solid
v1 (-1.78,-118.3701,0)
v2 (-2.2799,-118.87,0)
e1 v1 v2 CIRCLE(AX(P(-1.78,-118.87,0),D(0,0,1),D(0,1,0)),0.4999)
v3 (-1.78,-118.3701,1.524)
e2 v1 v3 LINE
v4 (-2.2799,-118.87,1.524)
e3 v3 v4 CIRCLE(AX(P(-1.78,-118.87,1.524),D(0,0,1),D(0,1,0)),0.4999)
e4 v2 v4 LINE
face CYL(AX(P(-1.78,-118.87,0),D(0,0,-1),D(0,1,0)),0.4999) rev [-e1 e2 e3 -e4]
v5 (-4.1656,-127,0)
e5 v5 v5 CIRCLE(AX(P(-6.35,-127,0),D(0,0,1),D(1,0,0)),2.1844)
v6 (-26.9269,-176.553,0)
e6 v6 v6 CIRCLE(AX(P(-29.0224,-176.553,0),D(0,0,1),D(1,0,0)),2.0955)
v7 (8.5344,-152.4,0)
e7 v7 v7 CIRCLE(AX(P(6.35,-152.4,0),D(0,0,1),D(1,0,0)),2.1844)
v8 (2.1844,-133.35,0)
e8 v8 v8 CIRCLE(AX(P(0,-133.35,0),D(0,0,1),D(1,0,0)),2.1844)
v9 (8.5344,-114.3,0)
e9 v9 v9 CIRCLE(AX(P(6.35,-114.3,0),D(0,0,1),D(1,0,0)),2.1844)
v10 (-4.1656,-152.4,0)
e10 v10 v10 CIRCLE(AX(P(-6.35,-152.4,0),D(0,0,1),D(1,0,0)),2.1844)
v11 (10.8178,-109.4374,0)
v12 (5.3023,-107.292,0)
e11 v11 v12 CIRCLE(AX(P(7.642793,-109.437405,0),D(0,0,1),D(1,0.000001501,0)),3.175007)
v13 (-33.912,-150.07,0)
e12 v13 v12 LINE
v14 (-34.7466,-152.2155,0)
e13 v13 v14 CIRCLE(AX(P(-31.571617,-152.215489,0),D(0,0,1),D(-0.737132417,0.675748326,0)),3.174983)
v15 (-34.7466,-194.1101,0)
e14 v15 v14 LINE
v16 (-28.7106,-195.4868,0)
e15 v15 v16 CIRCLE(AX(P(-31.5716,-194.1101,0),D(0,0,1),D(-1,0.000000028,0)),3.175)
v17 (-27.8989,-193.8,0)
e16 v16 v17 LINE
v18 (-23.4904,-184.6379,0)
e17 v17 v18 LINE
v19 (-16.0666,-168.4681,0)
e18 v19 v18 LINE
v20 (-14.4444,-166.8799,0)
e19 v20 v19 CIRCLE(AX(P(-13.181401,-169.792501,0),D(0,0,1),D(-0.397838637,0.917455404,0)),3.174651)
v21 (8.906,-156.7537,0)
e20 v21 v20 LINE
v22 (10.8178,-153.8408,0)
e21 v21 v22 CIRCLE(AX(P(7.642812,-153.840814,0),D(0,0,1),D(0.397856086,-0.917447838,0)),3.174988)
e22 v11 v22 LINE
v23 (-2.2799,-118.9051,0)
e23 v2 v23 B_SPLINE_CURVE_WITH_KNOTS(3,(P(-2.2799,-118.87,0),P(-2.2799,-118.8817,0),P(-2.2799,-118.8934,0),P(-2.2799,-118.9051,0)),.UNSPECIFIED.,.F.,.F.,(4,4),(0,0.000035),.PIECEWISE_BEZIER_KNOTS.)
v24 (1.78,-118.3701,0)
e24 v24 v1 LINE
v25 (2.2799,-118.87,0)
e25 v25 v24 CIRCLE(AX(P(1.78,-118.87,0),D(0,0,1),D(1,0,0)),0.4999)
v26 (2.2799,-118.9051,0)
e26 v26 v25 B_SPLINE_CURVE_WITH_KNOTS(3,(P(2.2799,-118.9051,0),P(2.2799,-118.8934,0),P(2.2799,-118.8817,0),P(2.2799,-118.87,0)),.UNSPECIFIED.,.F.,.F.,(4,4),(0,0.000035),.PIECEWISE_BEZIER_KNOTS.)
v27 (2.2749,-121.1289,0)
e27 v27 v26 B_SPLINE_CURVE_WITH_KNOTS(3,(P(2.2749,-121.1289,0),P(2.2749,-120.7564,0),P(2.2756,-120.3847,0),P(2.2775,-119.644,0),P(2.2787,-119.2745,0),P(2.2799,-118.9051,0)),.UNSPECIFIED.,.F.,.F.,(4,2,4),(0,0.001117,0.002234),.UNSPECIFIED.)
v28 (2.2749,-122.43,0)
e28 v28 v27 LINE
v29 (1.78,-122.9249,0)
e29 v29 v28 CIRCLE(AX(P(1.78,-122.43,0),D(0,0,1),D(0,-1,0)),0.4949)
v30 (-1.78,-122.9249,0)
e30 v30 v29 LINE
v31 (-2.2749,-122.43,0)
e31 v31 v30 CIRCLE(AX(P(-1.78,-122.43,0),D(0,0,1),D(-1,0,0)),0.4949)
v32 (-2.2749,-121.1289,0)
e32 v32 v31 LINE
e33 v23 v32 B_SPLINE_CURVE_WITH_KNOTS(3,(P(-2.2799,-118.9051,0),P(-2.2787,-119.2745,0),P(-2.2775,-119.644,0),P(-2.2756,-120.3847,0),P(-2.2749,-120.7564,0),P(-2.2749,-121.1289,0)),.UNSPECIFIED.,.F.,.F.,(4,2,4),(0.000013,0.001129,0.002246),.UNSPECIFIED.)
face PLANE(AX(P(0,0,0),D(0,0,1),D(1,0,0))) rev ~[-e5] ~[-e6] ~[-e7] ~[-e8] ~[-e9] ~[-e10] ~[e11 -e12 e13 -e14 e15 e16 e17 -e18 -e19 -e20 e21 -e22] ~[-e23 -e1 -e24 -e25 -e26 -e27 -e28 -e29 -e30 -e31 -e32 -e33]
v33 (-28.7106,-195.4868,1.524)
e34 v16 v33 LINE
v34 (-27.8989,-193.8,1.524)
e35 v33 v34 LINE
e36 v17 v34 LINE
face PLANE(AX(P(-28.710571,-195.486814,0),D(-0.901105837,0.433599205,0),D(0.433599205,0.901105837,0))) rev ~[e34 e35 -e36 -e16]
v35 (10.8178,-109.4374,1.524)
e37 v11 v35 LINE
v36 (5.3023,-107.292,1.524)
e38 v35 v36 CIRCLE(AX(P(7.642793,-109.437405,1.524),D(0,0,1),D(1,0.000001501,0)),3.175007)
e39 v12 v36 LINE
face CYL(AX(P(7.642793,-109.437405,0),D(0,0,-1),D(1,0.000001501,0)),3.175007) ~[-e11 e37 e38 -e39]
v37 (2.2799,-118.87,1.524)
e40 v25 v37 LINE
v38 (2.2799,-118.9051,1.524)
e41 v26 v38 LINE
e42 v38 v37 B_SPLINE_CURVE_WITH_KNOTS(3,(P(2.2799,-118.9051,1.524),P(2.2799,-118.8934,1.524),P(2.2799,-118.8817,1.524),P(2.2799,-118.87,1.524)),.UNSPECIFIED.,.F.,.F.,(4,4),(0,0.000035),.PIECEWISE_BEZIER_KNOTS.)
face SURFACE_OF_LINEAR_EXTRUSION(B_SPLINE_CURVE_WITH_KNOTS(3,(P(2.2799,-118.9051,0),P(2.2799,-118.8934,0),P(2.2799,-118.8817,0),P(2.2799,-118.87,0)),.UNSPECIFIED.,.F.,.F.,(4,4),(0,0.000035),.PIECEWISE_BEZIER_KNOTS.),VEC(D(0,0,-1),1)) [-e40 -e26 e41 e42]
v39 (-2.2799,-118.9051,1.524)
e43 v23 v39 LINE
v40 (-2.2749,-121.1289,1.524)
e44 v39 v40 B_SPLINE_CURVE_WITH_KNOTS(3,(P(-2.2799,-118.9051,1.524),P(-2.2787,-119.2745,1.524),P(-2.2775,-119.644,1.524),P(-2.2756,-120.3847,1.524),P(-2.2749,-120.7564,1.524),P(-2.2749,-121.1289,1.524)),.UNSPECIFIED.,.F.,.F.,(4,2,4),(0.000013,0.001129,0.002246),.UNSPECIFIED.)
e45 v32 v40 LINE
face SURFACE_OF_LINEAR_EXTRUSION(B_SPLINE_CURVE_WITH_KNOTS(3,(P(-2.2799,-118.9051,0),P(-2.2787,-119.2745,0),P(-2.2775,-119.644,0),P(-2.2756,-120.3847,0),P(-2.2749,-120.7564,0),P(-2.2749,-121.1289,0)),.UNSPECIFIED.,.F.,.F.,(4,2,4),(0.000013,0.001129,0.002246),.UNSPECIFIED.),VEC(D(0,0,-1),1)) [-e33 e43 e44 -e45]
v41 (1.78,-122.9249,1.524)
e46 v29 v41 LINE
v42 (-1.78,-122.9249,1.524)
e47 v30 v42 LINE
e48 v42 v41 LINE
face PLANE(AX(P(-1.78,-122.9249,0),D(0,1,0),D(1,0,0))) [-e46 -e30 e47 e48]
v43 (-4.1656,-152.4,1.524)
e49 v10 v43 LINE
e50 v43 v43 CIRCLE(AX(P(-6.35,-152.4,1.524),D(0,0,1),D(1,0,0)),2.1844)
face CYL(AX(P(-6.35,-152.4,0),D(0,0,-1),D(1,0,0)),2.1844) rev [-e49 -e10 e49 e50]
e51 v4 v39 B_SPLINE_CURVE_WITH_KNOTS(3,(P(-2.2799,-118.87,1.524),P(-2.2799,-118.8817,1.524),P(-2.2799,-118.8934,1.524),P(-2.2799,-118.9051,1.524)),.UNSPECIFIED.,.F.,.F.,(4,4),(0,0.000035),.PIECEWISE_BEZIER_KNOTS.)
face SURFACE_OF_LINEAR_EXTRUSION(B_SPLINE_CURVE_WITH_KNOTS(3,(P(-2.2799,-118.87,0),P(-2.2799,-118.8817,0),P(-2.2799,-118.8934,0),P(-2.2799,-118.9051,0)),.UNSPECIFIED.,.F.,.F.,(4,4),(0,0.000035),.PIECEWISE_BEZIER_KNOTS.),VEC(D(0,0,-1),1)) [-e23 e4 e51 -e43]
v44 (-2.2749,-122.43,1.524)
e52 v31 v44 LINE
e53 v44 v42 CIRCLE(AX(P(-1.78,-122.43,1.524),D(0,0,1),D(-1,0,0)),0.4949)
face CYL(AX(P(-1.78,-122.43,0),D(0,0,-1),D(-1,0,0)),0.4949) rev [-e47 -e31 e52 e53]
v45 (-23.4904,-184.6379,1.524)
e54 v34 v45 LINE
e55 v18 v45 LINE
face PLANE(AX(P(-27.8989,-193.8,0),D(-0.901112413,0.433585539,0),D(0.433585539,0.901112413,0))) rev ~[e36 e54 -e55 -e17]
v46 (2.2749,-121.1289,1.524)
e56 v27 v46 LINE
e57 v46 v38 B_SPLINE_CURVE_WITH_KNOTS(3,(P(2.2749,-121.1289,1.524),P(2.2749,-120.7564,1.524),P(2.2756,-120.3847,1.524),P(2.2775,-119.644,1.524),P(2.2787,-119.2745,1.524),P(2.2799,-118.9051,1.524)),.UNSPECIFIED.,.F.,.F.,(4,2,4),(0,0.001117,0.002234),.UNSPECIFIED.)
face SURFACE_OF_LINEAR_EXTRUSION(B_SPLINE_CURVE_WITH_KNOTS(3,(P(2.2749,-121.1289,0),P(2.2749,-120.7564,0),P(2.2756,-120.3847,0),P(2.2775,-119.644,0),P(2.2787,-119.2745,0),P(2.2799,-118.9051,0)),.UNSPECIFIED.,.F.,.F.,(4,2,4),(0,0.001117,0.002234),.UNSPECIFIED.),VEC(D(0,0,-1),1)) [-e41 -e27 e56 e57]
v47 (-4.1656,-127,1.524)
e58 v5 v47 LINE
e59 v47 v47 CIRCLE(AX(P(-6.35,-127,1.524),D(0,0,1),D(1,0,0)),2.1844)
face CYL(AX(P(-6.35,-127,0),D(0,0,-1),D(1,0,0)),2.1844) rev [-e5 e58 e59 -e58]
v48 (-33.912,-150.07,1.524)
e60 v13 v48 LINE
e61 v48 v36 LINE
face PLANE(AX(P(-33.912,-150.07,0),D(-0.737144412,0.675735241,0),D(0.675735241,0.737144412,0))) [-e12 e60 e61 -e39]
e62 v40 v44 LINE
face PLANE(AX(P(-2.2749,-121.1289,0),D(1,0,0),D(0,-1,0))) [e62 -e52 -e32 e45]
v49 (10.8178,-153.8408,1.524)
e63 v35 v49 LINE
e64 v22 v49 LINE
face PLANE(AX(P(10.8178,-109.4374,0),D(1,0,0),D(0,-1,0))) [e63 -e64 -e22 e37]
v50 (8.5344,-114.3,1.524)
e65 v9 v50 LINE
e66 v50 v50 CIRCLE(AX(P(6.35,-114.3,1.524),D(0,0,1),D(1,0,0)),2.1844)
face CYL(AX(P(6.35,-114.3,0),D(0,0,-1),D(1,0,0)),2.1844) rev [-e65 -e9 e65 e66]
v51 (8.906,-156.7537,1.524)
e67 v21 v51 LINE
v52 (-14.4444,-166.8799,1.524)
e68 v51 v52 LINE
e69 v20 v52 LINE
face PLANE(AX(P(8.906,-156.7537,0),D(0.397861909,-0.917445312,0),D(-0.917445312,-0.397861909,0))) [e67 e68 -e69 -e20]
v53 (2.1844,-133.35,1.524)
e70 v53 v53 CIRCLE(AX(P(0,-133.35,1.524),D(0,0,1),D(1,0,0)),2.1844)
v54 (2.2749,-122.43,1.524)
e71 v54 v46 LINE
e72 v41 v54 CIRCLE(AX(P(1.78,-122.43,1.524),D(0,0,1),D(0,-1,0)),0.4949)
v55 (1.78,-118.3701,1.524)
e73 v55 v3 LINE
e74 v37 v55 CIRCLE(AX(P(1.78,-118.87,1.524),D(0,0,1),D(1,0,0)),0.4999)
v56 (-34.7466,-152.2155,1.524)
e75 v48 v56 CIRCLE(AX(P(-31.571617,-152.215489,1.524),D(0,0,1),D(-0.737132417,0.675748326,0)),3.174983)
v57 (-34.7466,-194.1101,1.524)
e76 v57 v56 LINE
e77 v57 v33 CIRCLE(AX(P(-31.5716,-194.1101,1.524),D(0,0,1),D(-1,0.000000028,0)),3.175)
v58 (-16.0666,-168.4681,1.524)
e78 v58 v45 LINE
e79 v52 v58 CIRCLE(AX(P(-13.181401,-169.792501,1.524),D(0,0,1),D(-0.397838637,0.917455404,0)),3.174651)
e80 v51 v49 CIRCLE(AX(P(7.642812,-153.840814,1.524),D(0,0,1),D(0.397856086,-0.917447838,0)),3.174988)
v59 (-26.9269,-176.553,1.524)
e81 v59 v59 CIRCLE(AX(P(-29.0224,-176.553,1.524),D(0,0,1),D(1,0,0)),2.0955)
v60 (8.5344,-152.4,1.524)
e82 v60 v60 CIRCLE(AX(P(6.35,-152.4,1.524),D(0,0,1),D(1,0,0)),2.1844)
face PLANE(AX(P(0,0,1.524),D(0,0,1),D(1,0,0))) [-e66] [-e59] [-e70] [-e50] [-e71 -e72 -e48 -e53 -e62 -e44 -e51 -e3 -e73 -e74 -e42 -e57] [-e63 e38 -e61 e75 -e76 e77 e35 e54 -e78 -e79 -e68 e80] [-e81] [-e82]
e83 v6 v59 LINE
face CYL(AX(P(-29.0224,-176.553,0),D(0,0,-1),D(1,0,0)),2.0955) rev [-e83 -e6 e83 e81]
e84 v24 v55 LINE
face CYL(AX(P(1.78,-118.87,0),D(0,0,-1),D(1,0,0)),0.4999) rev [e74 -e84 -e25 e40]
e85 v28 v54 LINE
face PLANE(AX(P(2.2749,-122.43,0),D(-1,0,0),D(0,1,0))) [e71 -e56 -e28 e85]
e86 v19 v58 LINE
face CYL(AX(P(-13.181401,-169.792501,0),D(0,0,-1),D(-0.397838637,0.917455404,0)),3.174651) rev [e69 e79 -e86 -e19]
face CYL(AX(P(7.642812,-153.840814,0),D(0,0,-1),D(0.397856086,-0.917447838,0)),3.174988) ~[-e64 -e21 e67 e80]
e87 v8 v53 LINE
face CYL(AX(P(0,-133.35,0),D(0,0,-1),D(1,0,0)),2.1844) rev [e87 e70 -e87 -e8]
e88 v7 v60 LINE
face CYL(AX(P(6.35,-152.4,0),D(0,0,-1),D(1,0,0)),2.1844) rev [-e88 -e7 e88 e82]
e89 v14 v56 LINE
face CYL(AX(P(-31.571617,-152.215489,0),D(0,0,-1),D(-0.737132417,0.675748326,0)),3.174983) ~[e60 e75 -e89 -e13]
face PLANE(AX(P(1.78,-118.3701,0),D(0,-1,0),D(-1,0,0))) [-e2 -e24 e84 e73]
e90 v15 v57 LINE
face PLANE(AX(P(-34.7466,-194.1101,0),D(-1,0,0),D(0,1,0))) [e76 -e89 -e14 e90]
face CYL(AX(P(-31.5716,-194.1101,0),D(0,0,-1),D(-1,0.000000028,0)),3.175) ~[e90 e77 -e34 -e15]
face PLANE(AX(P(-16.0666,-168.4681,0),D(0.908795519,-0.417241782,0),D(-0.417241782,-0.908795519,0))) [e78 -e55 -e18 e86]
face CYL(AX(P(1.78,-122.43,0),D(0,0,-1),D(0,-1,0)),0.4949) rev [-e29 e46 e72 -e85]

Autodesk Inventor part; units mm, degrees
ref_plane "YZ Plane" through (0, 0, 0) normal (1, 0, 0) x (0, 1, 0)
ref_plane "XZ Plane" through (0, 0, 0) normal (0, 1, 0) x (-1, 0, 0)
ref_plane "XY Plane" through (0, 0, 0) normal (0, 0, 1) x (1, 0, 0)
sketch "Sketch1" plane through (0, 0, 0) normal (0, 0, 1) x (1, 0, 0)
  line L0 (-27.7783, -197.0642) -> (-31.3026, -204.3884) projected
  line L1 (-31.4232, -201.1242) -> (-27.8989, -193.8)
  line L2 (-27.8989, -193.8) -> (-23.4904, -184.6379)
  line L3 (-23.4904, -184.6379) -> (-28.7106, -195.4868)
  line L4 (-34.7466, -194.1101) -> (-34.7466, -152.2155)
  line L5 (-33.912, -150.07) -> (5.3023, -107.292)
  line L6 (10.8178, -109.4374) -> (10.8178, -153.8408)
  line L7 (8.906, -156.7537) -> (-14.4444, -166.8799)
  line L8 (-16.0666, -168.4681) -> (-23.4904, -184.6379)
  arc A0 (10.8178, -109.4374) -> (5.3023, -107.292) centre (7.6428, -109.4374) ccw
  arc A1 (8.906, -156.7537) -> (10.8178, -153.8408) centre (7.6428, -153.8408) ccw
  arc A2 (-14.4444, -166.8799) -> (-16.0666, -168.4681) centre (-13.1812, -169.7928) ccw
  arc A3 (-34.7466, -194.1101) -> (-28.7106, -195.4868) centre (-31.5716, -194.1101) ccw
  arc A4 (-33.912, -150.07) -> (-34.7466, -152.2155) centre (-31.5716, -152.2155) ccw
  circle A5 centre (6.35, -152.4) radius 2.1844 projected
  circle A6 centre (-6.35, -152.4) radius 2.1844 projected
  circle A7 centre (6.35, -114.3) radius 2.1844 projected
  circle A8 centre (-6.35, -127) radius 2.1844 projected
  circle A9 centre (-29.0224, -176.553) radius 2.0955
  line L9 (2.2749, -122.43) -> (2.2749, -121.1289) projected
  spline S0 degree 3 poles (2.2749, -121.1289) (2.2749, -120.7564) (2.2756, -120.3847) (2.2775, -119.644) (2.2787, -119.2745) (2.2799, -118.9051) knots 0 0 0 0 0.001117 0.001117 0.002234 0.002234 0.002234 0.002234 projected
  arc A10 (1.78, -122.9249) -> (2.2749, -122.43) centre (1.78, -122.43) ccw projected
  arc A11 (2.2799, -118.87) -> (1.78, -118.3701) centre (1.78, -118.87) ccw projected
  spline S1 degree 3 poles (2.2799, -118.9051) (2.2799, -118.8934) (2.2799, -118.8817) (2.2799, -118.87) knots 0 0 0 0 0.000035 0.000035 0.000035 0.000035 projected
  line L10 (1.78, -118.3701) -> (-1.78, -118.3701) projected
  arc A12 (-1.78, -118.3701) -> (-2.2799, -118.87) centre (-1.78, -118.87) ccw projected
  spline S2 degree 3 poles (-2.2799, -118.9051) (-2.2787, -119.2745) (-2.2775, -119.644) (-2.2756, -120.3847) (-2.2749, -120.7564) (-2.2749, -121.1289) knots 0.000013 0.000013 0.000013 0.000013 0.001129 0.001129 0.002246 0.002246 0.002246 0.002246 projected
  spline S3 degree 3 poles (-2.2799, -118.87) (-2.2799, -118.8817) (-2.2799, -118.8934) (-2.2799, -118.9051) knots 0 0 0 0 0.000035 0.000035 0.000035 0.000035 projected
  line L11 (-2.2749, -121.1289) -> (-2.2749, -122.43) projected
  arc A13 (-2.2749, -122.43) -> (-1.78, -122.9249) centre (-1.78, -122.43) ccw projected
  line L12 (-1.78, -122.9249) -> (1.78, -122.9249) projected
  circle A14 centre (0, -133.35) radius 2.1844
  point P0 (0, 0)
  point P1 (-34.7466, -208.031)
  dimension "d0" = 1.524
  dimension "d1" = 3.175
  dimension "d2" = 4.191
extrude "Extrusion1" add sketch "Sketch1" along normal blind 1.524
properties part number "back-sled"
